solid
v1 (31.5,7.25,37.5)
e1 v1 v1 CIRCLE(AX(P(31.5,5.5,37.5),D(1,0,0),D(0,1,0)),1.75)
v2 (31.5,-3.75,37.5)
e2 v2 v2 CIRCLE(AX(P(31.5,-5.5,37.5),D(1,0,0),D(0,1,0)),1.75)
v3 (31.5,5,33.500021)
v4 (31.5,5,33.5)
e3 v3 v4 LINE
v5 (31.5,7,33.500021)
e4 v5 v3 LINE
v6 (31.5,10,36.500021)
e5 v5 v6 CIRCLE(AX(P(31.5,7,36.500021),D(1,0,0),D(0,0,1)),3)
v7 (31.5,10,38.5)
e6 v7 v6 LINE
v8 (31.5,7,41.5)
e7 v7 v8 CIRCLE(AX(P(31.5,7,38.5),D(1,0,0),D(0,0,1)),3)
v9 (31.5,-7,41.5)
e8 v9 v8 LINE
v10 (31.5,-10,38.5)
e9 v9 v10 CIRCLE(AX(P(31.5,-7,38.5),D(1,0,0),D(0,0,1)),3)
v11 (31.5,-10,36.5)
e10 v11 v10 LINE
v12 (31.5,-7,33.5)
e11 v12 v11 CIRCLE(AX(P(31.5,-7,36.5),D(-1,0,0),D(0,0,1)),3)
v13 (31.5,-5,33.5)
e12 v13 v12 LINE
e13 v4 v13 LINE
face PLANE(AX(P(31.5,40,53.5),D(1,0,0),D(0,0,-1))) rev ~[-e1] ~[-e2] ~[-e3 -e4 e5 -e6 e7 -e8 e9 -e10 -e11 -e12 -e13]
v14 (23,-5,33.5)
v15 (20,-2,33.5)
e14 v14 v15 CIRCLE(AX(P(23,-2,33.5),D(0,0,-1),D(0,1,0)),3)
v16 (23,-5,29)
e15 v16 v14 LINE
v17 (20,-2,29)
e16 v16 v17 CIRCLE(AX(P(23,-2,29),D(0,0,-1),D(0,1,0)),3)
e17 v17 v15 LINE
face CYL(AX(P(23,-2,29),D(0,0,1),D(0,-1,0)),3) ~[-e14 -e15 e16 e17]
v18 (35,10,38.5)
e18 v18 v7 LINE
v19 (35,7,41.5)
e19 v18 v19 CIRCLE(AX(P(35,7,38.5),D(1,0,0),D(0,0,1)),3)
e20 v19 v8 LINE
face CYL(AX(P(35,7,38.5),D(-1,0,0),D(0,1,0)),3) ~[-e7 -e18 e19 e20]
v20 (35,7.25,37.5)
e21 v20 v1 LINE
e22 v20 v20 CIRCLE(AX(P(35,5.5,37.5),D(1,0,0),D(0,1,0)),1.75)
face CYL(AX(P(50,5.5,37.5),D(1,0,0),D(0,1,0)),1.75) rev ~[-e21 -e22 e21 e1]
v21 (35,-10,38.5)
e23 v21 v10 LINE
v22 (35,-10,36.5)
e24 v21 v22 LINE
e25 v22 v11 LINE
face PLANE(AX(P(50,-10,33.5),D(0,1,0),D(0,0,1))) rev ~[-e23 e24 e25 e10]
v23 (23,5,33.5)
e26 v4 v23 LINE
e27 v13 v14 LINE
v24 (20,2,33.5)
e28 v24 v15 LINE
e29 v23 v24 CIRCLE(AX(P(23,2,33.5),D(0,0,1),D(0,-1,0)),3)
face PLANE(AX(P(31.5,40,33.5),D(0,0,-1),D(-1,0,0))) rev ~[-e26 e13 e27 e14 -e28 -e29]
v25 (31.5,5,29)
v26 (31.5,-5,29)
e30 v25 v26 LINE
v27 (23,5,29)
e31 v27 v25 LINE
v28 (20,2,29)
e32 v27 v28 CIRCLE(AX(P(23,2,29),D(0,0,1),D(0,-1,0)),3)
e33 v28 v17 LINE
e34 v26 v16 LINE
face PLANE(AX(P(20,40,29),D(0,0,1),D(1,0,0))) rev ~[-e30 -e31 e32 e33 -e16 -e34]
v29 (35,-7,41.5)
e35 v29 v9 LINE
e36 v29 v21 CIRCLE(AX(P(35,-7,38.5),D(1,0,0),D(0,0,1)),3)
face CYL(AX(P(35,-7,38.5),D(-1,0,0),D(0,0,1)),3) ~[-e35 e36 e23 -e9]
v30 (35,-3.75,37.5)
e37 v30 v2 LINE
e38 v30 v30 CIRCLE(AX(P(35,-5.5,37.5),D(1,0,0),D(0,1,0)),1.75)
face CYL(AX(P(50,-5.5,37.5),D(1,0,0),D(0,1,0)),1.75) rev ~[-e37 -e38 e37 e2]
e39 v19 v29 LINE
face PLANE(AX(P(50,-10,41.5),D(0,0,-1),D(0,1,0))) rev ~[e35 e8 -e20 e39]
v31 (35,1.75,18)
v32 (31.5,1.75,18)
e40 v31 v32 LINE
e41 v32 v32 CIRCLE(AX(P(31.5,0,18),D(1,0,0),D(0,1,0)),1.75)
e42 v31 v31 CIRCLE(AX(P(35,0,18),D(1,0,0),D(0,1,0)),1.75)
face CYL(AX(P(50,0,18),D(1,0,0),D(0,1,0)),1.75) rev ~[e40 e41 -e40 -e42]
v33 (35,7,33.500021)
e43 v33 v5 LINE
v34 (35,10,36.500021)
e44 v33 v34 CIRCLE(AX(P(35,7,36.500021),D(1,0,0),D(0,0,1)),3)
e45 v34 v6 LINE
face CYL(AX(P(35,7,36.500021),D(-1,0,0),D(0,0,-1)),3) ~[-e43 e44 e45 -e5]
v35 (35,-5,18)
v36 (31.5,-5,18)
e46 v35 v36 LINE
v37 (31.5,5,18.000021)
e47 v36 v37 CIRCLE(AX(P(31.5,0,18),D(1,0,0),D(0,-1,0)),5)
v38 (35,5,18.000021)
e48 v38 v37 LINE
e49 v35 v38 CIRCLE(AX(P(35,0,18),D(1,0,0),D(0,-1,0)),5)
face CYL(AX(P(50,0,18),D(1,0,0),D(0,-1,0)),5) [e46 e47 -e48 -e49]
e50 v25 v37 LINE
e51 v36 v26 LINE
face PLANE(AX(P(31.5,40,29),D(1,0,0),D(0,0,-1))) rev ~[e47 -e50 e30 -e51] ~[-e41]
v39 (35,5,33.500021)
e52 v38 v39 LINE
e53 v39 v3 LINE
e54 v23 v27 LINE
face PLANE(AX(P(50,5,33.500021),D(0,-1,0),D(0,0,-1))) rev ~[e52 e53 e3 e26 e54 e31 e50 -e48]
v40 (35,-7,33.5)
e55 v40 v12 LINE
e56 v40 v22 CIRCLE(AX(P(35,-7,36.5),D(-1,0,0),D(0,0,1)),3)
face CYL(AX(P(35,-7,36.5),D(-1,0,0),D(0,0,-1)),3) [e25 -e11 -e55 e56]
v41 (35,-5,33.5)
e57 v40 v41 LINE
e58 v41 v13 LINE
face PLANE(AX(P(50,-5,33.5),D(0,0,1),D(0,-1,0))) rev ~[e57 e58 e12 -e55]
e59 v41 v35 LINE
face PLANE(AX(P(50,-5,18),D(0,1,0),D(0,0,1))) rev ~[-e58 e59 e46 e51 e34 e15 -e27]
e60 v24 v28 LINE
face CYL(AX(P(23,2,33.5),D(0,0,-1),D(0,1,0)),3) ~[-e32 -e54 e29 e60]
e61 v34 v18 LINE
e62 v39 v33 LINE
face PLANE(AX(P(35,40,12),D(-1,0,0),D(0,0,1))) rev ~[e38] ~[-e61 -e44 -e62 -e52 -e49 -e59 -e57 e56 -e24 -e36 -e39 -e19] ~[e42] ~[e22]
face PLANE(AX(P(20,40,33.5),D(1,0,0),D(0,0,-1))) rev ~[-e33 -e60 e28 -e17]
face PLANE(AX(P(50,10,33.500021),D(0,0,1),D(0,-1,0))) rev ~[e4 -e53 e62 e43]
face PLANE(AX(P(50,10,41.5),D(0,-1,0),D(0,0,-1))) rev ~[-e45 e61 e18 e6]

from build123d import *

# Parameters (mm, degrees)
SKETCH023_R              = 1.75
PAD024_DEPTH             = 40
PAD025_DEPTH             = 70
FILLET011_R              = 3
CLONE136_PLACEMENT_ANGLE = 180


with BuildPart() as pad024:
    # Sketch023 → Pad024 (new body)
    with BuildSketch(Plane(origin=(-50, 0, 0), x_dir=(0, -1, 0), z_dir=(-1, 0, 0))):
        with BuildLine():
            ThreePointArc((-5, 18), (1e-05, 13), (5, 18.000021))
            Line((5, 33.500021), (5, 18.000021))
            Line((10, 33.500021), (5, 33.500021))
            Line((10, 41.5), (10, 33.500021))
            Line((-10, 41.5), (10, 41.5))
            Line((-10, 33.5), (-10, 41.5))
            Line((-5, 33.5), (-10, 33.5))
            Line((-5, 18), (-5, 33.5))
        make_face()
        with Locations((-5.5, 37.5)):
            Circle(SKETCH023_R, mode=Mode.SUBTRACT)
        with Locations((5.5, 37.5)):
            Circle(SKETCH023_R, mode=Mode.SUBTRACT)
        with Locations((0, 18)):
            Circle(SKETCH023_R, mode=Mode.SUBTRACT)
    extrude(amount=-PAD024_DEPTH)


with BuildPart() as clone_of_support003:
    # Sketch022 → Pad025 (new body)
    with BuildSketch(Plane.XZ.offset(40)):
        Polygon((-31.5, 12), (-35, 12), (-35, 53.5), (-31.5, 53.5), (-31.5, 33.5), (-20, 33.5), (-20, 29), (-31.5, 29), align=None)
    extrude(amount=-PAD025_DEPTH)

    # Common001: intersect Pad024
    add(pad024.part, mode=Mode.INTERSECT)

    # Fillet011
    fillet011_edges = [clone_of_support003.edges().sort_by_distance(p)[0] for p in [
        (-20, -5, 31.25),
        (-20, 5, 31.25),
        (-33.25, -10, 33.500021),
        (-33.25, 10, 33.5),
        (-33.25, -10, 41.5),
        (-33.25, 10, 41.5),
    ]]
    fillet(fillet011_edges, radius=FILLET011_R)


with BuildPart() as clone_of_support003_1:
    # Clone136 placement: moved
    add(clone_of_support003.part.rotate(Axis((0, 0, 0), (0, 0, 1)), CLONE136_PLACEMENT_ANGLE))


solid = clone_of_support003_1.part
